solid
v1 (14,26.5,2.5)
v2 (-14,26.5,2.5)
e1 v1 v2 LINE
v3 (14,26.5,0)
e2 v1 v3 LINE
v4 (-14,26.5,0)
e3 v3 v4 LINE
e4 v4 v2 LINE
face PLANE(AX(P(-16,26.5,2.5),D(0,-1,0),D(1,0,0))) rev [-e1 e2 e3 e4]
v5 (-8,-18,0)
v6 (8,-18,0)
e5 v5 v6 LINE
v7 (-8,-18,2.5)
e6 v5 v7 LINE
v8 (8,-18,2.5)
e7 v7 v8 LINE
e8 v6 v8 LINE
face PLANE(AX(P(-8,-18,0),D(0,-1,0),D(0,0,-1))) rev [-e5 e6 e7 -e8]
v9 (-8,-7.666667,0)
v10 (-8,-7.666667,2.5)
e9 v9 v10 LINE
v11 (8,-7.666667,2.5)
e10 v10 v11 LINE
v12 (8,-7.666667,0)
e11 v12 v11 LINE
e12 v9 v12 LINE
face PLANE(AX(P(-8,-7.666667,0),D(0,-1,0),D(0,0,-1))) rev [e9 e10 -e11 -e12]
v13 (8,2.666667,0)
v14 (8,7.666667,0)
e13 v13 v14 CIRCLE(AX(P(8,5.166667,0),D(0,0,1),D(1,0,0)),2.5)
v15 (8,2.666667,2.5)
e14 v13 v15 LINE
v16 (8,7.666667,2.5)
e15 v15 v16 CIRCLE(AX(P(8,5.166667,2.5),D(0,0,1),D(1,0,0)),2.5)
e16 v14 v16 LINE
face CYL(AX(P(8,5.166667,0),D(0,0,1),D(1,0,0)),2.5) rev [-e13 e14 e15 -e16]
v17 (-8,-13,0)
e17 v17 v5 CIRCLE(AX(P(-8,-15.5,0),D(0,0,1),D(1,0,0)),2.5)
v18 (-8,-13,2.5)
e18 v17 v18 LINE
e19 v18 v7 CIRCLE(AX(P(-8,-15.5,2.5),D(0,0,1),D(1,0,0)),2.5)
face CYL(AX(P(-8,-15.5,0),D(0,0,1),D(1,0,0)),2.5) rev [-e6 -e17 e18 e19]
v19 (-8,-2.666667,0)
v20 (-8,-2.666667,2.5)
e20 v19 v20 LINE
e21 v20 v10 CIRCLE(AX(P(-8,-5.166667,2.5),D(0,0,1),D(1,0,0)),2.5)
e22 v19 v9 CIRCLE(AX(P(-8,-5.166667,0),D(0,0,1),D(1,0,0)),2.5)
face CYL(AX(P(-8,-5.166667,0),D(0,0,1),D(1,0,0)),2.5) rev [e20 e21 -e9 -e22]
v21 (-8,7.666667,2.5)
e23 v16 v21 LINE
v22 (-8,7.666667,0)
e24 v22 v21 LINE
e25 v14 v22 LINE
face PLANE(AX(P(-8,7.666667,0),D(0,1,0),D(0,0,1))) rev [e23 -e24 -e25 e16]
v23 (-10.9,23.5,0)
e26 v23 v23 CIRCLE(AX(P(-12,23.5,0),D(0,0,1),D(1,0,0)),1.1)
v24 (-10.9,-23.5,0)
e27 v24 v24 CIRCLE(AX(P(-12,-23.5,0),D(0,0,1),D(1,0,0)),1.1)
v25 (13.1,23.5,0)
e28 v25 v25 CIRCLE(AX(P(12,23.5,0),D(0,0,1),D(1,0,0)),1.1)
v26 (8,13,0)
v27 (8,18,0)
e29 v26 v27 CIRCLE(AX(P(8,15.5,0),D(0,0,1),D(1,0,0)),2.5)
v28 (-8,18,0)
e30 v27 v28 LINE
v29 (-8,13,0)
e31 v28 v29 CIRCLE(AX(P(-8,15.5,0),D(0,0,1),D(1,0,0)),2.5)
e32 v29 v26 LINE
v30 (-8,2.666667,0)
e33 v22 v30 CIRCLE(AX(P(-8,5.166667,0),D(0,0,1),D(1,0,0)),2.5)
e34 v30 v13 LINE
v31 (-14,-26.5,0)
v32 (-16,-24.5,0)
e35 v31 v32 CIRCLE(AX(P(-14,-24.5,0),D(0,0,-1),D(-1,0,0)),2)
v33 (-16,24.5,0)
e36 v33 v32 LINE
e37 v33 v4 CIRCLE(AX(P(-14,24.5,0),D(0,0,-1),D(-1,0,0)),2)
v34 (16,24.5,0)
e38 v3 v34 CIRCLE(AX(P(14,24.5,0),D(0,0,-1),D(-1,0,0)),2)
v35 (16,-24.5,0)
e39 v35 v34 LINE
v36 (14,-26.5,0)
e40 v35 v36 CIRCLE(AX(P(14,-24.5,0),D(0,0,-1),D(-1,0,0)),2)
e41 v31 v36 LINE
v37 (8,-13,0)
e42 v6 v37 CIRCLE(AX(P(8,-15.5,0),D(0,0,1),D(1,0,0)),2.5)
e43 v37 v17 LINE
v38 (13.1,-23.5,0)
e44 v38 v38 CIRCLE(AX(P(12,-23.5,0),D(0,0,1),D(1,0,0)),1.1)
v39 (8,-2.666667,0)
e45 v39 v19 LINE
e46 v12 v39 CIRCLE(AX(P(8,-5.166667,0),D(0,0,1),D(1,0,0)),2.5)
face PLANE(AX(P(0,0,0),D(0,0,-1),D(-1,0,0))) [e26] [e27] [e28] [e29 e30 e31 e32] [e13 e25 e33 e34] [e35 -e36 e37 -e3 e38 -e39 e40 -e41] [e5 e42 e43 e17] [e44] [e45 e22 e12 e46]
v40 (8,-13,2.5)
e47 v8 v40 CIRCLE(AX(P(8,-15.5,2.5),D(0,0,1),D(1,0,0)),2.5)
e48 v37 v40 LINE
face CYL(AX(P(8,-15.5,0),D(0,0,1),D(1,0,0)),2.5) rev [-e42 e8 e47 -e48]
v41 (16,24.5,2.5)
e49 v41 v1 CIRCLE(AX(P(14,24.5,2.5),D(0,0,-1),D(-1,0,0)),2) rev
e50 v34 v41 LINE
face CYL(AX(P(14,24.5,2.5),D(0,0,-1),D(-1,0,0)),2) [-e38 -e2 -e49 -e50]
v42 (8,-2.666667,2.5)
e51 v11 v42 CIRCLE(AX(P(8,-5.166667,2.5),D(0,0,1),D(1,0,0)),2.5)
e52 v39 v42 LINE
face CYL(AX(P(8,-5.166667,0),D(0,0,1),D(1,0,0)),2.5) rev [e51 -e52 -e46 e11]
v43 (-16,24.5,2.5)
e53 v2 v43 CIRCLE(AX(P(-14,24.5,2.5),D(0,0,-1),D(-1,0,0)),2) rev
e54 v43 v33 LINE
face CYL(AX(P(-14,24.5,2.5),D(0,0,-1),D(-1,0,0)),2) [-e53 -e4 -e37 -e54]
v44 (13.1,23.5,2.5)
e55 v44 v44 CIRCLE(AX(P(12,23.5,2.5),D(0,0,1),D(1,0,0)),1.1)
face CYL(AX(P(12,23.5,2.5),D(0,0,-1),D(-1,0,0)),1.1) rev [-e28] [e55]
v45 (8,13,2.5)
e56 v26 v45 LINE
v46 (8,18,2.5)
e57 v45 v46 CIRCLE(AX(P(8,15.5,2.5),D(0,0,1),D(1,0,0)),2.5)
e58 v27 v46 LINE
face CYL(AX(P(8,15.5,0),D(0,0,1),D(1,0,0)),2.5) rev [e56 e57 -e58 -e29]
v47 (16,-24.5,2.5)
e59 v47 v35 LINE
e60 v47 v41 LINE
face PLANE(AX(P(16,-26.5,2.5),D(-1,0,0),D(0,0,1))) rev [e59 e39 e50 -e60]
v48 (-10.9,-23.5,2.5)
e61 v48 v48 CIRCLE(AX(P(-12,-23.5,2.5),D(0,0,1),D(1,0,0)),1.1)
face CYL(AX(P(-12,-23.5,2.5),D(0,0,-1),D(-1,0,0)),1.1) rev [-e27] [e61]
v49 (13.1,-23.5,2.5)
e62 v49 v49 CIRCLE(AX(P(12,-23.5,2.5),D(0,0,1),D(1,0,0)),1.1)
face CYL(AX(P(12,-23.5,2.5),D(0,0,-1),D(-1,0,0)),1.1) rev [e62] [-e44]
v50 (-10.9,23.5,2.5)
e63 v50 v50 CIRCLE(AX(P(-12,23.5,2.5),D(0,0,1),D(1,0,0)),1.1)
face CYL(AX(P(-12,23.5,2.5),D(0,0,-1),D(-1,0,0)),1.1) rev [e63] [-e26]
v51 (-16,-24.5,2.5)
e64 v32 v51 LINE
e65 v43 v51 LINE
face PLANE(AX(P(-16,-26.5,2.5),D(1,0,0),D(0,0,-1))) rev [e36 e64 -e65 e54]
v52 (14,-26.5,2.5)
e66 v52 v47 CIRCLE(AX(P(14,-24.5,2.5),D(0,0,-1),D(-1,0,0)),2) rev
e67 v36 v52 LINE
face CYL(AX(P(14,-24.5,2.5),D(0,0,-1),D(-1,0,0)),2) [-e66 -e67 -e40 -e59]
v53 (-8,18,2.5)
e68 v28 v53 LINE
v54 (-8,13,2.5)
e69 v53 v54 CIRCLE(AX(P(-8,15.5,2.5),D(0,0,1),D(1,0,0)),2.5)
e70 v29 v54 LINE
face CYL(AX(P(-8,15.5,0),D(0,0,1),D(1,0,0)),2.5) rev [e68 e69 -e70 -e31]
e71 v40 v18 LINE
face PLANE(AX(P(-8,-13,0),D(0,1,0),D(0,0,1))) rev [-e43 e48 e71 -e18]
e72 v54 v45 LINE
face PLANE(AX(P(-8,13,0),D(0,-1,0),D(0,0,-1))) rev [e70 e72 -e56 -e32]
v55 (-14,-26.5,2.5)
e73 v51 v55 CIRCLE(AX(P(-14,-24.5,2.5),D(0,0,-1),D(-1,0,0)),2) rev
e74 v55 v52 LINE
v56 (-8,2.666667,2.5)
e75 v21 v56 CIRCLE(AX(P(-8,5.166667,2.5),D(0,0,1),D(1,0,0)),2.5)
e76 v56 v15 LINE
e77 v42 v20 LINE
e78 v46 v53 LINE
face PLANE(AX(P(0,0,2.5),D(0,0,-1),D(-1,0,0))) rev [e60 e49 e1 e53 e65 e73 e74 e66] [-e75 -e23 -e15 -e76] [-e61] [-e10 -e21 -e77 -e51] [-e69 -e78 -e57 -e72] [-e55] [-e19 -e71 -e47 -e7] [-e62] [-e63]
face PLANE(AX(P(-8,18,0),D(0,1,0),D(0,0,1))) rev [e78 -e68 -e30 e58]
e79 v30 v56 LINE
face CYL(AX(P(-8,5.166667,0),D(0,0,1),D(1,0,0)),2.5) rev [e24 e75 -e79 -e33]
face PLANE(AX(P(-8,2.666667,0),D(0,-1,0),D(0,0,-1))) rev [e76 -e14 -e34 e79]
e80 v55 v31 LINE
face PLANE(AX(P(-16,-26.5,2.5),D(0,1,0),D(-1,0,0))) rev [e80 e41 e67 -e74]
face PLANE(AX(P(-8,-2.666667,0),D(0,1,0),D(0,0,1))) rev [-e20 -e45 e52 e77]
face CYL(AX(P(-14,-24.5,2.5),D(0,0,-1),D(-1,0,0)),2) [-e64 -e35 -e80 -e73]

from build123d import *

# Parameters (mm, degrees)
SKETCH1_W           = 32
SKETCH1_H           = 53
SKETCH1_R           = 1.1
BOSS_EXTRUDE1_DEPTH = 2.5
CUT_EXTRUDE2_DEPTH  = 32.056400307
FILLET1_R           = 2


with BuildPart() as part:
    # Sketch1 → Boss-Extrude1 (new body)
    with BuildSketch(Plane.XY):
        Rectangle(SKETCH1_W, SKETCH1_H)
        with Locations((-12, 23.5)):
            Circle(SKETCH1_R, mode=Mode.SUBTRACT)
        with Locations((12, -23.5)):
            Circle(SKETCH1_R, mode=Mode.SUBTRACT)
        with Locations((12, 23.5)):
            Circle(SKETCH1_R, mode=Mode.SUBTRACT)
        with Locations((-12, -23.5)):
            Circle(SKETCH1_R, mode=Mode.SUBTRACT)
    extrude(amount=BOSS_EXTRUDE1_DEPTH)

    # Sketch4 → Cut-Extrude2 (cut, through all)
    with BuildSketch(Plane.XY.offset(2.5)):
        with BuildLine():
            Line((-8, 18), (8, 18))
            ThreePointArc((8, 18), (10.5, 15.5), (8, 13))
            Line((8, 13), (-8, 13))
            ThreePointArc((-8, 13), (-10.5, 15.5), (-8, 18))
        make_face()
        with BuildLine():
            Line((-8, 2.666666667), (8, 2.666666667))
            ThreePointArc((8, 2.666666667), (10.5, 5.166666667), (8, 7.666666667))
            Line((8, 7.666666667), (-8, 7.666666667))
            ThreePointArc((-8, 7.666666667), (-10.5, 5.166666667), (-8, 2.666666667))
        make_face()
        with BuildLine():
            Line((-8, -7.666666667), (8, -7.666666667))
            ThreePointArc((8, -7.666666667), (10.5, -5.166666667), (8, -2.666666667))
            Line((8, -2.666666667), (-8, -2.666666667))
            ThreePointArc((-8, -2.666666667), (-10.5, -5.166666667), (-8, -7.666666667))
        make_face()
        with BuildLine():
            Line((-8, -18), (8, -18))
            ThreePointArc((8, -18), (10.5, -15.5), (8, -13))
            Line((8, -13), (-8, -13))
            ThreePointArc((-8, -13), (-10.5, -15.5), (-8, -18))
        make_face()
    extrude(amount=-CUT_EXTRUDE2_DEPTH, mode=Mode.SUBTRACT)

    # Fillet1
    fillet1_edges = [part.edges().sort_by_distance(p)[0] for p in [
        (16, -26.5, 1.25),
        (-16, -26.5, 1.25),
        (-16, 26.5, 1.25),
        (16, 26.5, 1.25),
    ]]
    fillet(fillet1_edges, radius=FILLET1_R)


solid = part.part
